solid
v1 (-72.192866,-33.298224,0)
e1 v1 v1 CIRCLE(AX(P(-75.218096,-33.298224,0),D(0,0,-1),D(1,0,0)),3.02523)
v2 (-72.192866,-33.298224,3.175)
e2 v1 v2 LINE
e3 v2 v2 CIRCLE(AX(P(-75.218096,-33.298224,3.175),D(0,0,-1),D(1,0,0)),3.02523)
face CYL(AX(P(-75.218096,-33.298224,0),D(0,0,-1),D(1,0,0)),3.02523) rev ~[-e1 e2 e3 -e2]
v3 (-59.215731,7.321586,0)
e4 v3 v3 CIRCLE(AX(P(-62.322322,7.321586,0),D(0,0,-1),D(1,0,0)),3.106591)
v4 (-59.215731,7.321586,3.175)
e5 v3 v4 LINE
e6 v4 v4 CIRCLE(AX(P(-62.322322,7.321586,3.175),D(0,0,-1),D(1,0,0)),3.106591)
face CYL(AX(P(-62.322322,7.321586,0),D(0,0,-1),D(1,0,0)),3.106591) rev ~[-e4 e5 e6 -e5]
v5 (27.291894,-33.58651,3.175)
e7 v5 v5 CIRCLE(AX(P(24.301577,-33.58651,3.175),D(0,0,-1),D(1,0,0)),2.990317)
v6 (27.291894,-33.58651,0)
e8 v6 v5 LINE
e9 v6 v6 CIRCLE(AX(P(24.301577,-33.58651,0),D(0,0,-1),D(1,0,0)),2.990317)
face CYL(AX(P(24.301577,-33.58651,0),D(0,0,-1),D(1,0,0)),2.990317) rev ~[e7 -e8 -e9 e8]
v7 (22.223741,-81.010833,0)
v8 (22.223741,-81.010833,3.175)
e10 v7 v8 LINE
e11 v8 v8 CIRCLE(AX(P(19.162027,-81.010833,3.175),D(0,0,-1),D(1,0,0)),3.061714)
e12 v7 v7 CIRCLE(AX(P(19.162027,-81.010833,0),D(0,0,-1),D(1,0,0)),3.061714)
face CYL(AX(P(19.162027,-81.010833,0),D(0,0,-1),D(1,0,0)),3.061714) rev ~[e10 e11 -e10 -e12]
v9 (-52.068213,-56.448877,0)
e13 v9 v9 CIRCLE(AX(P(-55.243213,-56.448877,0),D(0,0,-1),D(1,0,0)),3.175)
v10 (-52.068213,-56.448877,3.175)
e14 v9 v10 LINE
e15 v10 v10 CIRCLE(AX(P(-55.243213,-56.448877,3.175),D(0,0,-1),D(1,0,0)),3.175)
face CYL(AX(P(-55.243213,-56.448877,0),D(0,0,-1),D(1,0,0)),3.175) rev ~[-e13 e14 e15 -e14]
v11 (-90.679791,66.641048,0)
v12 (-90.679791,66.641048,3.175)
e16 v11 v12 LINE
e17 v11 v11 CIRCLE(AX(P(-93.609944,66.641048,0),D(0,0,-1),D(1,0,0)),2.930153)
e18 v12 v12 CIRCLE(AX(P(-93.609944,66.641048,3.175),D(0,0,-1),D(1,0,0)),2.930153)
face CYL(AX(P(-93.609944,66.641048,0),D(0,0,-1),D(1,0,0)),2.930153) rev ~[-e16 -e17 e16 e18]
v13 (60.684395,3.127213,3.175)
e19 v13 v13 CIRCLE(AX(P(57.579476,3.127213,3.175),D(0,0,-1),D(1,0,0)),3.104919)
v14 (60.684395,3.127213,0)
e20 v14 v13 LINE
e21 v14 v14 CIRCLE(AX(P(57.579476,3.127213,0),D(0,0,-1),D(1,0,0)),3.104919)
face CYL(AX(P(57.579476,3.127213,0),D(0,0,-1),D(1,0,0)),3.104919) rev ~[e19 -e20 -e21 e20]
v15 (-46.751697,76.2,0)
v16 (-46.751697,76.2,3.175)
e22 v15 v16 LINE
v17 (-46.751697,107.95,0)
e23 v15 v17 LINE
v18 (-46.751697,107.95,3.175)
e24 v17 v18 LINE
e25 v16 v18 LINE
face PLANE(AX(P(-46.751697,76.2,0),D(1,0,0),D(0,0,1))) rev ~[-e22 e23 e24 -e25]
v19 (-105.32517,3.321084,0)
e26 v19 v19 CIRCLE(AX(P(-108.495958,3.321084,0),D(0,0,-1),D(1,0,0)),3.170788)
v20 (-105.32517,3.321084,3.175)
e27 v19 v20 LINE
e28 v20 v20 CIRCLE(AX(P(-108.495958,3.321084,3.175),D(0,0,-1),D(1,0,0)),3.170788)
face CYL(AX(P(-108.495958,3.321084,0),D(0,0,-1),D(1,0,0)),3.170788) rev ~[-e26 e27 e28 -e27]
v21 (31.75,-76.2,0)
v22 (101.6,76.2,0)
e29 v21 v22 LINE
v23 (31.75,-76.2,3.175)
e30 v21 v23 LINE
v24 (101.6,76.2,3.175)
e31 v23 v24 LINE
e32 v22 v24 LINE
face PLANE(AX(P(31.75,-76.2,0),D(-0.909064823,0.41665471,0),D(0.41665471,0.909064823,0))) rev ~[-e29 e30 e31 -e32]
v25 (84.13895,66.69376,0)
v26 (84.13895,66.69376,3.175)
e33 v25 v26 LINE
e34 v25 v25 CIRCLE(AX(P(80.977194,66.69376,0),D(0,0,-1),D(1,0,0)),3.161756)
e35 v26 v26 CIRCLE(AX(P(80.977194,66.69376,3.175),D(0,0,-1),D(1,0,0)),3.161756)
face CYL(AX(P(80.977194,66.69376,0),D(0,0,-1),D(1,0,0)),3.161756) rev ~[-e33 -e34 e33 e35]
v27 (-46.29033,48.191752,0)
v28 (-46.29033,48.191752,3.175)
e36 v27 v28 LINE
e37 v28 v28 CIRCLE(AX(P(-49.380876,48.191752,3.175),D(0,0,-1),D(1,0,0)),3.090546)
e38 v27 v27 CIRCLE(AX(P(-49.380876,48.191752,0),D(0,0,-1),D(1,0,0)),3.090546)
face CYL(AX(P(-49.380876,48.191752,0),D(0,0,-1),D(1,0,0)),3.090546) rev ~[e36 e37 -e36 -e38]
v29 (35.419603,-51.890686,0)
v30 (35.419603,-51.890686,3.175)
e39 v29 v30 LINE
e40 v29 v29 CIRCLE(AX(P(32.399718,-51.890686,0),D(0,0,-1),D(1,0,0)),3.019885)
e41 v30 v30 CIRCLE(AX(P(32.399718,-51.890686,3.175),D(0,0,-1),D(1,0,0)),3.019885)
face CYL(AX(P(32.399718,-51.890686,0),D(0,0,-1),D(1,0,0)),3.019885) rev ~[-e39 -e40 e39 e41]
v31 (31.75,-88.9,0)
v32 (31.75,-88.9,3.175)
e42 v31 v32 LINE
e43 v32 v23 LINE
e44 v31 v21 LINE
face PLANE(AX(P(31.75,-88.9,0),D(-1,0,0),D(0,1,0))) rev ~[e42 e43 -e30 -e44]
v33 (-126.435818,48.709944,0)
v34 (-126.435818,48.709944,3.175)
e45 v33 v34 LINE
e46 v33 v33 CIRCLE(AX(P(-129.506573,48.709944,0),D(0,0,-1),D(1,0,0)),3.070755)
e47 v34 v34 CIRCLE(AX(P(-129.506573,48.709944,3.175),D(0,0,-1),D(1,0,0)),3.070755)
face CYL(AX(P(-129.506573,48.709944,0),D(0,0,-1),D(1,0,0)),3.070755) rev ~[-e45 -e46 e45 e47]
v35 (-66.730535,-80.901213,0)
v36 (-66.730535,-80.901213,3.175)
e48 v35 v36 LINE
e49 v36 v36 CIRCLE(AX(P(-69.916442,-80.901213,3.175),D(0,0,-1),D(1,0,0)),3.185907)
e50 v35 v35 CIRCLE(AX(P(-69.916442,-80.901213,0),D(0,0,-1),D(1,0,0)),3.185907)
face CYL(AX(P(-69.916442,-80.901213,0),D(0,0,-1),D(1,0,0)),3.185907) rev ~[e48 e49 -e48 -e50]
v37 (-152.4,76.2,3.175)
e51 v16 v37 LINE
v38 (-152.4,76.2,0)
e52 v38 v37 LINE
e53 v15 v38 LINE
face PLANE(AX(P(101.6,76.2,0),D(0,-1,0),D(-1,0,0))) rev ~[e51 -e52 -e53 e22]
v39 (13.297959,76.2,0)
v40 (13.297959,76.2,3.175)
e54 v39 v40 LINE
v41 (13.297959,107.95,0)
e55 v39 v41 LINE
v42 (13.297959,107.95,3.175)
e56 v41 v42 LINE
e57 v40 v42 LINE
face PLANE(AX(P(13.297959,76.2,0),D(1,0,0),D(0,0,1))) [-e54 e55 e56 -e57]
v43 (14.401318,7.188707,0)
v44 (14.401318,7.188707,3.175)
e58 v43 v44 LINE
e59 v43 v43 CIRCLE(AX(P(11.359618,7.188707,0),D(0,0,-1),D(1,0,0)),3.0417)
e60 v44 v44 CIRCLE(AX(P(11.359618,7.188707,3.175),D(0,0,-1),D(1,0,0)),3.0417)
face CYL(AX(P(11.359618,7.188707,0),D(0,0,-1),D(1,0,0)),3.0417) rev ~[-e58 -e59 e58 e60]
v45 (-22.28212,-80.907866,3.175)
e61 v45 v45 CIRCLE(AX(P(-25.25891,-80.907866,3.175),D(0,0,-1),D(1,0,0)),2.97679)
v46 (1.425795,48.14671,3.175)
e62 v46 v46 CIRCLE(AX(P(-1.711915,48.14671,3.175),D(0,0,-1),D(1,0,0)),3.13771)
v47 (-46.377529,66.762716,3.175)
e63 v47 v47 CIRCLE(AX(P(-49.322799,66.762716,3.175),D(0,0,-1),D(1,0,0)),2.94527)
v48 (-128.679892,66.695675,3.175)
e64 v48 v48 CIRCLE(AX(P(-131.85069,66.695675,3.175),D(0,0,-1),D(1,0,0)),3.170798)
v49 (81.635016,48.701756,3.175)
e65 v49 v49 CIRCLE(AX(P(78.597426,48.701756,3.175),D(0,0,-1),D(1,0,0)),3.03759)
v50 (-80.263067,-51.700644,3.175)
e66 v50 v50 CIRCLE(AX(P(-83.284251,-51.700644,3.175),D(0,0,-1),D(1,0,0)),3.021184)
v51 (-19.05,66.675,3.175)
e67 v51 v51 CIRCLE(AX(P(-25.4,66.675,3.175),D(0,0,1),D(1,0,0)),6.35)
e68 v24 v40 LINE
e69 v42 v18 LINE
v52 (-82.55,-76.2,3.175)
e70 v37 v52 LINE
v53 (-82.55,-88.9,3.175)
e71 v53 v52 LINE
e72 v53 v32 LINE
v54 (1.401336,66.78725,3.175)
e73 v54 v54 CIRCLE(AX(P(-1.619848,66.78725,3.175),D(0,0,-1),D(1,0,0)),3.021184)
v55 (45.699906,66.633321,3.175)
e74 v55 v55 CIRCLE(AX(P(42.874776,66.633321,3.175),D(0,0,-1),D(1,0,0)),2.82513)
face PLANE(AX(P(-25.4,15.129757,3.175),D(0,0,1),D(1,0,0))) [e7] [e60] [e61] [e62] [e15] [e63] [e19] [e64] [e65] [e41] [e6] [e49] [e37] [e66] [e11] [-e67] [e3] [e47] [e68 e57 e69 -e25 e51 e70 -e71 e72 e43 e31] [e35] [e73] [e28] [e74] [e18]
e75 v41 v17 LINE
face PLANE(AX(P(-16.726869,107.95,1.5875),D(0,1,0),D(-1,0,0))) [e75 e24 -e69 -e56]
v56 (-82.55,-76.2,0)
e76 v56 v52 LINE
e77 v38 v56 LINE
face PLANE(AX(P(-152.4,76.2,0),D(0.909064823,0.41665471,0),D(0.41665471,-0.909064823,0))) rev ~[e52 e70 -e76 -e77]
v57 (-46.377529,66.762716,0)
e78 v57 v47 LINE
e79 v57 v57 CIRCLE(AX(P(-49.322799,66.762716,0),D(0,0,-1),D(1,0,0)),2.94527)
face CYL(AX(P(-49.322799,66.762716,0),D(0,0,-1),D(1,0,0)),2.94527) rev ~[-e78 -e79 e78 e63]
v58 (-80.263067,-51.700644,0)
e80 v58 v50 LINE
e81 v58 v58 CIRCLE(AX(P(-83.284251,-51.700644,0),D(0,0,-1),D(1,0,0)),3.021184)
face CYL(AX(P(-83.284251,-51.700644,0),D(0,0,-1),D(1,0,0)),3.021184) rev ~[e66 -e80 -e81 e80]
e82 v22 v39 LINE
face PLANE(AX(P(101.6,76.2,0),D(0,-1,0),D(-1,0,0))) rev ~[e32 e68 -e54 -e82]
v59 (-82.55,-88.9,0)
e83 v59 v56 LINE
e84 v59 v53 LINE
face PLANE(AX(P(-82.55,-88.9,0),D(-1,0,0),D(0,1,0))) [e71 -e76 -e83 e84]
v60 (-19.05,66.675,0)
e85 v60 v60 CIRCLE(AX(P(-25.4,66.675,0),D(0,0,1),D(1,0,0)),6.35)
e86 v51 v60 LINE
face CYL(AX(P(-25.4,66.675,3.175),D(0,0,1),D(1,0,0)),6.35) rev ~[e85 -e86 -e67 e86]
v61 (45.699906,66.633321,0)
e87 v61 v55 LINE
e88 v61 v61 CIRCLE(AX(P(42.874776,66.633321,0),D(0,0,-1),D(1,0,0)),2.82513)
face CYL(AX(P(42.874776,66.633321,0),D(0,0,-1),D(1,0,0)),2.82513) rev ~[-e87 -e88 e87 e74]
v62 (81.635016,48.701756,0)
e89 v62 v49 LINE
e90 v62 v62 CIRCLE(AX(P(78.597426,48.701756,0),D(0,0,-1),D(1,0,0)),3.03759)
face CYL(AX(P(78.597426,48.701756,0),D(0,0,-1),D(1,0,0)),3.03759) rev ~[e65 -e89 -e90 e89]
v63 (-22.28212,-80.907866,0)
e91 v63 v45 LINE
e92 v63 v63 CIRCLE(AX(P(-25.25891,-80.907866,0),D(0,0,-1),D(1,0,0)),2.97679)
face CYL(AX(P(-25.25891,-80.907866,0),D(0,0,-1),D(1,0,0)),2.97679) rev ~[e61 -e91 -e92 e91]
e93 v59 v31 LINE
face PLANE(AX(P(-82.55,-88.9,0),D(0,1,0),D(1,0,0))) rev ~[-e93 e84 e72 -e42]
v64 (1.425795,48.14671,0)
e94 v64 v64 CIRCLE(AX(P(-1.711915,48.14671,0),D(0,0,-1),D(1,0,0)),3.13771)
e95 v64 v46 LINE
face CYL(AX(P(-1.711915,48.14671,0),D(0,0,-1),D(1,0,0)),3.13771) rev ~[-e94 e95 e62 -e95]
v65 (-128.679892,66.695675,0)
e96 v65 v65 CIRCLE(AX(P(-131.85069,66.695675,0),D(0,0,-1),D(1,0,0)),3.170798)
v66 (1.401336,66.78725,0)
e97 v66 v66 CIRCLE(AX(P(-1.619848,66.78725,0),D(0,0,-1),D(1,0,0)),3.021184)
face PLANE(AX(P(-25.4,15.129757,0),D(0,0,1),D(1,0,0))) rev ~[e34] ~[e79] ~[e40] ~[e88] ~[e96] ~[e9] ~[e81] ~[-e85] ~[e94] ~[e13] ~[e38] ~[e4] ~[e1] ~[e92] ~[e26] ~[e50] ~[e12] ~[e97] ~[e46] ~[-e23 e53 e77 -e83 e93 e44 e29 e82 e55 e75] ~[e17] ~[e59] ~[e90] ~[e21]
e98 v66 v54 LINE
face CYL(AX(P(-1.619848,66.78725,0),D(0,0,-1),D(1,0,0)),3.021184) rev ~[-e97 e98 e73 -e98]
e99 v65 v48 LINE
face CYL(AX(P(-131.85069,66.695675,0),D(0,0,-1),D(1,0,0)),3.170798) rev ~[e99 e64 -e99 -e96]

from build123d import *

# Parameters (mm, degrees)
F0_W      = 114.3
F0_H      = 12.7
F1_DEPTH  = 3.175
F2_R      = 6.35
F3_DEPTH  = 25.4
F4_R      = 3.021184
F4_R_2    = 3.02523
F4_R_3    = 3.170788
F4_R_4    = 3.070755
F4_R_5    = 3.170798
F4_R_6    = 2.930153
F4_R_7    = 2.94527
F4_R_8    = 3.090546
F4_R_9    = 3.106591
F4_R_10   = 2.82513
F4_R_11   = 3.161756
F4_R_12   = 3.03759
F4_R_13   = 3.13771
F4_R_14   = 3.0417
F4_R_15   = 3.104919
F4_R_16   = 2.990317
F4_R_17   = 3.019885
F5_DEPTH  = 25.4
F6_R      = 3.185907
F6_R_2    = 2.97679
F6_R_3    = 3.061714
F7_DEPTH  = 25.4
F8_R      = 3.175
F9_DEPTH  = 25.4
F10_W     = 60.049655
F10_H     = 3.175
F11_DEPTH = 31.75


with BuildPart() as f1:
    # F0 (on Top) → F1 (new body)
    with BuildSketch(Plane.XY):
        Polygon((31.75, -76.2), (101.6, 76.2), (-152.4, 76.2), (-82.55, -76.2), align=None)
        with Locations((-25.4, -82.55)):
            Rectangle(F0_W, F0_H)
    extrude(amount=F1_DEPTH)

    # F2 (on face) → F3 (cut)
    with BuildSketch(Plane.XY.offset(3.175)):
        with Locations((-25.4, 66.675)):
            Circle(F2_R)
    extrude(amount=-F3_DEPTH, mode=Mode.SUBTRACT)

    # F4 (on face) → F5 (cut)
    with BuildSketch(Plane(origin=(0, 0, 0), x_dir=(1, 0, 0), z_dir=(0, 0, -1))):
        with Locations((-83.284251, 51.700644)):
            Circle(F4_R)
        with Locations((-75.218096, 33.298224)):
            Circle(F4_R_2)
        with Locations((-108.495958, -3.321084)):
            Circle(F4_R_3)
        with Locations((-129.506573, -48.709944)):
            Circle(F4_R_4)
        with Locations((-131.85069, -66.695675)):
            Circle(F4_R_5)
        with Locations((-93.609944, -66.641048)):
            Circle(F4_R_6)
        with Locations((-49.322799, -66.762716)):
            Circle(F4_R_7)
        with Locations((-49.380876, -48.191752)):
            Circle(F4_R_8)
        with Locations((-62.322322, -7.321586)):
            Circle(F4_R_9)
        with Locations((-1.619848, -66.78725)):
            Circle(F4_R)
        with Locations((42.874776, -66.633321)):
            Circle(F4_R_10)
        with Locations((80.977194, -66.69376)):
            Circle(F4_R_11)
        with Locations((78.597426, -48.701756)):
            Circle(F4_R_12)
        with Locations((-1.711915, -48.14671)):
            Circle(F4_R_13)
        with Locations((11.359618, -7.188707)):
            Circle(F4_R_14)
        with Locations((57.579476, -3.127213)):
            Circle(F4_R_15)
        with Locations((24.301577, 33.58651)):
            Circle(F4_R_16)
        with Locations((32.399718, 51.890686)):
            Circle(F4_R_17)
    extrude(amount=-F5_DEPTH, mode=Mode.SUBTRACT)

    # F6 (on face) → F7 (cut)
    with BuildSketch(Plane(origin=(0, 0, 0), x_dir=(1, 0, 0), z_dir=(0, 0, -1))):
        with Locations((-69.916442, 80.901213)):
            Circle(F6_R)
        with Locations((-25.25891, 80.907866)):
            Circle(F6_R_2)
        with Locations((19.162027, 81.010833)):
            Circle(F6_R_3)
    extrude(amount=-F7_DEPTH, mode=Mode.SUBTRACT)

    # F8 (on face) → F9 (cut)
    with BuildSketch(Plane(origin=(0, 0, 0), x_dir=(1, 0, 0), z_dir=(0, 0, -1))):
        with Locations((-55.243213, 56.448877)):
            Circle(F8_R)
    extrude(amount=-F9_DEPTH, mode=Mode.SUBTRACT)

    # F10 (on face) → F11 (join)
    with BuildSketch(Plane(origin=(0, 76.2, 0), x_dir=(-1, 0, 0), z_dir=(0, 1, 0))):
        with Locations((16.726869, 1.5875)):
            Rectangle(F10_W, F10_H)
    extrude(amount=F11_DEPTH)


solid = f1.part
